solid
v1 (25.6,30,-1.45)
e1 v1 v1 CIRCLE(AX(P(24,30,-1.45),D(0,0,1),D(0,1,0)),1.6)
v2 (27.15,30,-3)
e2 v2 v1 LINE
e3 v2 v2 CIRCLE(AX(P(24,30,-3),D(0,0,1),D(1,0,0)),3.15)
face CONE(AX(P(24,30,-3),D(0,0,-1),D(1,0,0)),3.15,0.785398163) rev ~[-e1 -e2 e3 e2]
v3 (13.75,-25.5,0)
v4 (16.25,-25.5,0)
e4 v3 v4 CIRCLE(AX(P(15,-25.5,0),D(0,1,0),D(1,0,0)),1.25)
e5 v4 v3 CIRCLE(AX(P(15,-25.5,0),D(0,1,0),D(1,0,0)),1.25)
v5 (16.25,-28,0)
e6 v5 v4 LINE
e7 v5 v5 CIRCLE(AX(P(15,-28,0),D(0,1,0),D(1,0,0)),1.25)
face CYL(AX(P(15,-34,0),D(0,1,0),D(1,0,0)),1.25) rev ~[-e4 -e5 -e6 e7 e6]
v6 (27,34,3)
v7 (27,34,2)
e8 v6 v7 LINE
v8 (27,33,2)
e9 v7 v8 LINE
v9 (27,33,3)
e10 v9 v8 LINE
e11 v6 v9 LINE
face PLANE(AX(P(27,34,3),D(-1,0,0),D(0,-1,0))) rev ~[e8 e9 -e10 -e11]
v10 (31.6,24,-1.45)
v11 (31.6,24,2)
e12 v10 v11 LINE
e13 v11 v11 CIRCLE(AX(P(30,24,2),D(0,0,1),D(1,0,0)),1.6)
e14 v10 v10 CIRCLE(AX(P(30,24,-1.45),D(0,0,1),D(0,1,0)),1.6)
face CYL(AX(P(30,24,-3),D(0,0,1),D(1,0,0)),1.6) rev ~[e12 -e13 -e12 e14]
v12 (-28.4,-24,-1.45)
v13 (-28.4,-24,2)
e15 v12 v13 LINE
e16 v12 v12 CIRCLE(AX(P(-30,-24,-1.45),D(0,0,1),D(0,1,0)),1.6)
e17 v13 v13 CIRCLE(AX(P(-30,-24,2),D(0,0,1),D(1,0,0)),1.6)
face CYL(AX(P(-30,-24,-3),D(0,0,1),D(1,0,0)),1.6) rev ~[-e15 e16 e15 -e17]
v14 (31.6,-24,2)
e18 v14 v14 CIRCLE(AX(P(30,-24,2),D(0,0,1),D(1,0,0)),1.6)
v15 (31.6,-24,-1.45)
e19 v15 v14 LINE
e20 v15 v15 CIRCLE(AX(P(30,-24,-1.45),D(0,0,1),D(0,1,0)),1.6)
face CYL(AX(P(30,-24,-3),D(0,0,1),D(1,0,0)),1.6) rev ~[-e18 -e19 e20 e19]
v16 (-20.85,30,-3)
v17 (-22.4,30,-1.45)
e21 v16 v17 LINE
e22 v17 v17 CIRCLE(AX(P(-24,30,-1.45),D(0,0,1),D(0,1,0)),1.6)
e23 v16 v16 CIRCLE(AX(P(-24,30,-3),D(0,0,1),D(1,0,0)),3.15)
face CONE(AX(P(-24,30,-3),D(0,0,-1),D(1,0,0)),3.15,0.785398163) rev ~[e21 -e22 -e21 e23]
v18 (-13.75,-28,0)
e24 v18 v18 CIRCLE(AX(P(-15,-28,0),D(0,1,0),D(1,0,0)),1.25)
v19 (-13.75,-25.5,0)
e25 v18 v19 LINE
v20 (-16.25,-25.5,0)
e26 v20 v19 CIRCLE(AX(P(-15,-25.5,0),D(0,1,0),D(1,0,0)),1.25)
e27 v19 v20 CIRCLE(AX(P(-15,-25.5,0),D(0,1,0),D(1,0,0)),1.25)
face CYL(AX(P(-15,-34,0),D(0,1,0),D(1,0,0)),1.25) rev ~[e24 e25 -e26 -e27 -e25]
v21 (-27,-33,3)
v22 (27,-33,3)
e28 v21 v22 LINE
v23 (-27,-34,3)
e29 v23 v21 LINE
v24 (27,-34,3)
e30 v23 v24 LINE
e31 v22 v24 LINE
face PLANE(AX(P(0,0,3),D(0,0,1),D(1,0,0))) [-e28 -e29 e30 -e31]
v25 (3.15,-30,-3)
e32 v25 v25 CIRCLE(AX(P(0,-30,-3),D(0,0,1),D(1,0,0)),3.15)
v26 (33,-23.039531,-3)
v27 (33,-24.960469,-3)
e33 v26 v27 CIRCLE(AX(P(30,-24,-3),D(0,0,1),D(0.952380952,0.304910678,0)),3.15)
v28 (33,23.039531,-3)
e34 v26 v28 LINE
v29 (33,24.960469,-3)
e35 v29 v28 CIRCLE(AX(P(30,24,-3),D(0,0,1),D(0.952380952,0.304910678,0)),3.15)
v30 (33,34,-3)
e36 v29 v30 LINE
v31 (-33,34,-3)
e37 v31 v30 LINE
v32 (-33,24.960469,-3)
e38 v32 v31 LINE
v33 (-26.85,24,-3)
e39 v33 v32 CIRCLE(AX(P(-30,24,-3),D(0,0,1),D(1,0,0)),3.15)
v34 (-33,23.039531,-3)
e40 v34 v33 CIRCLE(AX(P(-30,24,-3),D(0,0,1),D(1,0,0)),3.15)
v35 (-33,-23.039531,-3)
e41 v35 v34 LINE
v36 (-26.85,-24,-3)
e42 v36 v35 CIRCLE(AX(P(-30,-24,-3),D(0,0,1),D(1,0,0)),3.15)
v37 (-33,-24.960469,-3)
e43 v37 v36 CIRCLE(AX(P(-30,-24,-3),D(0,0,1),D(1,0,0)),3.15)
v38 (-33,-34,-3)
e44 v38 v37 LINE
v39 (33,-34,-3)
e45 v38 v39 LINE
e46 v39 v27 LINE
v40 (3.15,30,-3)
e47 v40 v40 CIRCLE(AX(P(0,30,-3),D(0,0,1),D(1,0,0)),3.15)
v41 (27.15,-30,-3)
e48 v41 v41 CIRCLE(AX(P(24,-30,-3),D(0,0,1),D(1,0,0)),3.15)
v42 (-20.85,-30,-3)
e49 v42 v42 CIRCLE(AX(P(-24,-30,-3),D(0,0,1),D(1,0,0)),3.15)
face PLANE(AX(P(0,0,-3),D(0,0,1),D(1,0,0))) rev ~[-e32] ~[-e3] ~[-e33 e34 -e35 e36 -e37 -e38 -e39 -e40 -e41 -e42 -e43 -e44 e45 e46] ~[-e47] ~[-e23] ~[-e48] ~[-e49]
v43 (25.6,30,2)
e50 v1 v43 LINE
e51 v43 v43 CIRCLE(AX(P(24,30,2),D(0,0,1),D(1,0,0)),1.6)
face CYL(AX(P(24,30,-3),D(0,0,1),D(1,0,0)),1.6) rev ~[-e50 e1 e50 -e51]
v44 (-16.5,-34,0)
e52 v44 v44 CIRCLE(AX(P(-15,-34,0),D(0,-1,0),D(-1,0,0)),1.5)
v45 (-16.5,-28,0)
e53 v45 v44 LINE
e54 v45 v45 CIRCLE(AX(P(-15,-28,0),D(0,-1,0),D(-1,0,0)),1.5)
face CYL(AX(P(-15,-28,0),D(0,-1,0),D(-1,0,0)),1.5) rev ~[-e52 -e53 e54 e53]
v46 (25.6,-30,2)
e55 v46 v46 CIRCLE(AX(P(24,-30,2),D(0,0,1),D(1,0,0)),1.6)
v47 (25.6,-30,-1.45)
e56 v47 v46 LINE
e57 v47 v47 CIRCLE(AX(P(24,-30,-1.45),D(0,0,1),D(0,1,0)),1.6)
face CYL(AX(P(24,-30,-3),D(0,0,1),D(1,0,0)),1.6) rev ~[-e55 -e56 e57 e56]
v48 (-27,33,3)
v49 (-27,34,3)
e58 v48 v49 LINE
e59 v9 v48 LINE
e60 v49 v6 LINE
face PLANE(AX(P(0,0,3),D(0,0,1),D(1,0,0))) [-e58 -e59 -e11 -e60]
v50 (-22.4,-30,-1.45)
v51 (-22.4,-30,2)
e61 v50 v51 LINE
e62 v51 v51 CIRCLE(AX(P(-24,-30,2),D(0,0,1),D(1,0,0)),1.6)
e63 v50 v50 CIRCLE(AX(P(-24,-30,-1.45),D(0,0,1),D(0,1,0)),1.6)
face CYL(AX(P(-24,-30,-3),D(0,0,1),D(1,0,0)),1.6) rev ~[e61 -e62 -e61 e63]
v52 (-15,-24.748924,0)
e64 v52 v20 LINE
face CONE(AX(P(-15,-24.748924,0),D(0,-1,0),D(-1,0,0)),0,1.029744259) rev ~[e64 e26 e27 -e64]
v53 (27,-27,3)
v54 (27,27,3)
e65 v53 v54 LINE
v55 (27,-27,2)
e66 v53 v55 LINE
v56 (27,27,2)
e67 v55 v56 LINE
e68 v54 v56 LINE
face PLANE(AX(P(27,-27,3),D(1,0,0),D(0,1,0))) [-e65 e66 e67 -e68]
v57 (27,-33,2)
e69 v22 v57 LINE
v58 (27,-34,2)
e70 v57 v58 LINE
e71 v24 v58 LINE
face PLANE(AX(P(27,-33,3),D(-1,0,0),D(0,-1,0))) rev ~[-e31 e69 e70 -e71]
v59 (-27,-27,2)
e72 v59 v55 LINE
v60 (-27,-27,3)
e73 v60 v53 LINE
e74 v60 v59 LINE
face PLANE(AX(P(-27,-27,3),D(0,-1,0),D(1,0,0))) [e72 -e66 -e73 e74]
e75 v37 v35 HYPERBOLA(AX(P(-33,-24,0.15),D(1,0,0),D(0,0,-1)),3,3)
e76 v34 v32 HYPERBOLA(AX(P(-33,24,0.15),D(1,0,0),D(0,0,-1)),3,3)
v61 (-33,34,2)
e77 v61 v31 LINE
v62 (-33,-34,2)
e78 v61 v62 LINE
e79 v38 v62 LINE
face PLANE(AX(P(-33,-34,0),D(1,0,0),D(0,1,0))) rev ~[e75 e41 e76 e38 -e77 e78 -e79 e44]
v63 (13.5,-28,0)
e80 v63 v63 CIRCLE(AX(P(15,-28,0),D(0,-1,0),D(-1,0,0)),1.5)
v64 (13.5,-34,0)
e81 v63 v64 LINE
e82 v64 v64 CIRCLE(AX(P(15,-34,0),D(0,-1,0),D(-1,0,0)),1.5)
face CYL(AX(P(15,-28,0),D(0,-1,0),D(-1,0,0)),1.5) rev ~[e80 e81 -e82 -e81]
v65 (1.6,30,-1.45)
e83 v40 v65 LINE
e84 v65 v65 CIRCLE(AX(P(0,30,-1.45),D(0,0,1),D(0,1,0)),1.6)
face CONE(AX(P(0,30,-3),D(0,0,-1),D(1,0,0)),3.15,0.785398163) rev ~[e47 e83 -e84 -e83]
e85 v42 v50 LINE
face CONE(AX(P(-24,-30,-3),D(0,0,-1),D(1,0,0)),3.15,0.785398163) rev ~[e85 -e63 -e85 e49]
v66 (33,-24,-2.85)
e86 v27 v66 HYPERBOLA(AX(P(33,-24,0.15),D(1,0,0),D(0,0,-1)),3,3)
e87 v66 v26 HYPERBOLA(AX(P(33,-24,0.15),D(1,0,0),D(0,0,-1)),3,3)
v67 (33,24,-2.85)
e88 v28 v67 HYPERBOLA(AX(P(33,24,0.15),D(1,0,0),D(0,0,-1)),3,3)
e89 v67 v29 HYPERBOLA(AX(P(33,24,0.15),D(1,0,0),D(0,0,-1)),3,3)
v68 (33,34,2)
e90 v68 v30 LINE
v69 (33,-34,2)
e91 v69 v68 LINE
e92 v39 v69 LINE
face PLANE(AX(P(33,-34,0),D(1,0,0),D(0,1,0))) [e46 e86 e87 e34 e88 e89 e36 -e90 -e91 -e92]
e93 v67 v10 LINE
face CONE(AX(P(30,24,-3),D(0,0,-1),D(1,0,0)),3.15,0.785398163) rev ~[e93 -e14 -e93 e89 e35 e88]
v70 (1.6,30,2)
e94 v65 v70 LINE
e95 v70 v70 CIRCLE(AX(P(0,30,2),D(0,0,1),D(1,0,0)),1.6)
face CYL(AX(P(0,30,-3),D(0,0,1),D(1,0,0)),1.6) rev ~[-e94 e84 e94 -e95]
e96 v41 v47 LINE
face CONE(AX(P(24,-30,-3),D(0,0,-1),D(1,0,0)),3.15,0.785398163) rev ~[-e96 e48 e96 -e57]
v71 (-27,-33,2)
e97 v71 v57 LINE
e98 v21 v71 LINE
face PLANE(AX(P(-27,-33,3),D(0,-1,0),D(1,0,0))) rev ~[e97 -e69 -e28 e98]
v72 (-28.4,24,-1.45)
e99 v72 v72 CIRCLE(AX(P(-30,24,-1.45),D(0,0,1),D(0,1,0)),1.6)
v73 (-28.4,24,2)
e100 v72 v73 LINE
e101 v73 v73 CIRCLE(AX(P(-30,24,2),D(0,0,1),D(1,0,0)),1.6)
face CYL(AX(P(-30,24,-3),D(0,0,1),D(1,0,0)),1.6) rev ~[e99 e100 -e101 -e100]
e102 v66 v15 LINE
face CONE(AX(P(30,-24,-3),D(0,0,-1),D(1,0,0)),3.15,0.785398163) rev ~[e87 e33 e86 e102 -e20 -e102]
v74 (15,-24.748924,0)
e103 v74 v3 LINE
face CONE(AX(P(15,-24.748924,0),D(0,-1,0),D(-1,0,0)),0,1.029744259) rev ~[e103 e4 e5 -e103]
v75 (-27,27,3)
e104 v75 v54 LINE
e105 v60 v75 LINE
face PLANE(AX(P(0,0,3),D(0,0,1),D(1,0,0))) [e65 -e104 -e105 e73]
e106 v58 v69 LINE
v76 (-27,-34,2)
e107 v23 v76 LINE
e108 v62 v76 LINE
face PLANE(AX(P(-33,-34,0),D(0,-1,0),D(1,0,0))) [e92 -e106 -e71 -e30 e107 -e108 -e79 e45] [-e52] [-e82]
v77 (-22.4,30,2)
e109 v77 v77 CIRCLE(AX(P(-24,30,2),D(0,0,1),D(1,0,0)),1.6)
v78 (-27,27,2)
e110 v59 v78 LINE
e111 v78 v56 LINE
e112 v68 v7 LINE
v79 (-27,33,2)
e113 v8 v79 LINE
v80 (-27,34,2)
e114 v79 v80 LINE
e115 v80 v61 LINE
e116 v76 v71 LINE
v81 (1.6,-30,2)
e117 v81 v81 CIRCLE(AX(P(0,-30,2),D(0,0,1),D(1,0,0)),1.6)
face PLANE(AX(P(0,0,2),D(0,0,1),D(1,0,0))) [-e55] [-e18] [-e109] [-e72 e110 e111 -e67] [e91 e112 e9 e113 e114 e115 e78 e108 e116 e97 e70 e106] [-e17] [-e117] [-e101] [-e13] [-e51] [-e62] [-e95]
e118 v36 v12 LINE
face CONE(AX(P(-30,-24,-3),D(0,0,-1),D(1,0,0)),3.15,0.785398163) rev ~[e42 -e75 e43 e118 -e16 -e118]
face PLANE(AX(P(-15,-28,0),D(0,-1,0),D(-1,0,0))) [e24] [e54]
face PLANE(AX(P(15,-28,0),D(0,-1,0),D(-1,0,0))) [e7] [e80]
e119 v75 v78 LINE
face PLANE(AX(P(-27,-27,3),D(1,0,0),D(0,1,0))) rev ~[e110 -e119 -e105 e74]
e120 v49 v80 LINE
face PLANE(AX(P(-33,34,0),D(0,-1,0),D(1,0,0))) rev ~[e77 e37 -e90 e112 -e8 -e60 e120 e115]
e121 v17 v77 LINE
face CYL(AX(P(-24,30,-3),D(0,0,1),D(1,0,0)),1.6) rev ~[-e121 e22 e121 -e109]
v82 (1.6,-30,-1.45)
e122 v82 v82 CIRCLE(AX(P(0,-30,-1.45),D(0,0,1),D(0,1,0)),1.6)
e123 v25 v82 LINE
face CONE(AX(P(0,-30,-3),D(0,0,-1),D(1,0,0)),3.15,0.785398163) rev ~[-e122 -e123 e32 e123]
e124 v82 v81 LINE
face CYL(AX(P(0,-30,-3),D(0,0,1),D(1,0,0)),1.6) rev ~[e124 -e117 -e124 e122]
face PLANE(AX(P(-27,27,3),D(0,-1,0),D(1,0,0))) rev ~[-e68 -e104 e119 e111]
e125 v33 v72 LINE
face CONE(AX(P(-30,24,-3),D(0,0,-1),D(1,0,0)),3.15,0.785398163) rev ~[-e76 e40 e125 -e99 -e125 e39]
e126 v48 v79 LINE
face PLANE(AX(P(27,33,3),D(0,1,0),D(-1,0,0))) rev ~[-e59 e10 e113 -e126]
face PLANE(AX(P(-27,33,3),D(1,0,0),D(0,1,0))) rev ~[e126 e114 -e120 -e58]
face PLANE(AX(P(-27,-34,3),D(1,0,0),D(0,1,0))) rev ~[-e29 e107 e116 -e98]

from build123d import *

# Parameters (mm, degrees)
SKETCH_1_W                   = 66
SKETCH_1_H                   = 68
EXTRUDE_1_DEPTH              = 3
CUT_EXTRUDE_START            = 3
SKETCH_1_3_W                 = 54
SKETCH_1_3_H                 = 54
CUT_EXTRUDE_1_DEPTH          = 1
HOLE_WIZARD_M3_1_D           = 3.2
HOLE_WIZARD_M3_1_CSINK_D     = 6.3
HOLE_WIZARD_M3_1_CSINK_ANGLE = 90
M3X0_5_1_D                   = 2.5
M3X0_5_1_DEPTH               = 8.5
M3X0_5_1_CBORE_D             = 3
M3X0_5_1_CBORE_DEPTH         = 6
M3X0_5_1_TIP                 = 0.751075774


with BuildPart() as part:
    # ｽｹｯﾁ1 → ﾎﾞｽ - 押し出し1 (new, symmetric)
    with BuildSketch(Plane.XY):
        Rectangle(SKETCH_1_W, SKETCH_1_H)
    extrude(amount=EXTRUDE_1_DEPTH, both=True)

    # ｽｹｯﾁ1<3> → ｶｯﾄ - 押し出し1 (cut)
    with BuildSketch(Plane.XY.offset(CUT_EXTRUDE_START)):
        Polygon((-27, 34), (-33, 34), (-33, -34), (-27, -34), (-27, -33), (27, -33), (27, -34), (33, -34), (33, 34), (27, 34), (27, 33), (-27, 33), align=None)
        Rectangle(SKETCH_1_3_W, SKETCH_1_3_H, mode=Mode.SUBTRACT)
    extrude(amount=-CUT_EXTRUDE_1_DEPTH, mode=Mode.SUBTRACT)

    # M3 丸皿ねじ用皿穴1 (through all)
    with Locations(Plane(origin=(24, 30, -3), x_dir=(-1, 0, 0), z_dir=(0, 0, -1))):
        with Locations((0, 0), (24, 0), (48, 0), (48, -60), (24, -60), (0, -60), (-6, -6), (-6, -54), (54, -54), (54, -6)):
            CounterSinkHole(HOLE_WIZARD_M3_1_D / 2, HOLE_WIZARD_M3_1_CSINK_D / 2, counter_sink_angle=HOLE_WIZARD_M3_1_CSINK_ANGLE)

    # M3x0.5 ねじ穴1
    with Locations(Plane(origin=(-15, -34, 0), x_dir=(-1, 0, 0), z_dir=(0, -1, 0))):
        with Locations((0, 0), (-30, 0)):
            CounterBoreHole(M3X0_5_1_D / 2, M3X0_5_1_CBORE_D / 2, M3X0_5_1_CBORE_DEPTH, depth=M3X0_5_1_DEPTH)
            with Locations((0, 0, -(M3X0_5_1_DEPTH + M3X0_5_1_TIP / 2))):  # 118° drill point
                Cone(0, M3X0_5_1_D / 2, M3X0_5_1_TIP, mode=Mode.SUBTRACT)


solid = part.part
